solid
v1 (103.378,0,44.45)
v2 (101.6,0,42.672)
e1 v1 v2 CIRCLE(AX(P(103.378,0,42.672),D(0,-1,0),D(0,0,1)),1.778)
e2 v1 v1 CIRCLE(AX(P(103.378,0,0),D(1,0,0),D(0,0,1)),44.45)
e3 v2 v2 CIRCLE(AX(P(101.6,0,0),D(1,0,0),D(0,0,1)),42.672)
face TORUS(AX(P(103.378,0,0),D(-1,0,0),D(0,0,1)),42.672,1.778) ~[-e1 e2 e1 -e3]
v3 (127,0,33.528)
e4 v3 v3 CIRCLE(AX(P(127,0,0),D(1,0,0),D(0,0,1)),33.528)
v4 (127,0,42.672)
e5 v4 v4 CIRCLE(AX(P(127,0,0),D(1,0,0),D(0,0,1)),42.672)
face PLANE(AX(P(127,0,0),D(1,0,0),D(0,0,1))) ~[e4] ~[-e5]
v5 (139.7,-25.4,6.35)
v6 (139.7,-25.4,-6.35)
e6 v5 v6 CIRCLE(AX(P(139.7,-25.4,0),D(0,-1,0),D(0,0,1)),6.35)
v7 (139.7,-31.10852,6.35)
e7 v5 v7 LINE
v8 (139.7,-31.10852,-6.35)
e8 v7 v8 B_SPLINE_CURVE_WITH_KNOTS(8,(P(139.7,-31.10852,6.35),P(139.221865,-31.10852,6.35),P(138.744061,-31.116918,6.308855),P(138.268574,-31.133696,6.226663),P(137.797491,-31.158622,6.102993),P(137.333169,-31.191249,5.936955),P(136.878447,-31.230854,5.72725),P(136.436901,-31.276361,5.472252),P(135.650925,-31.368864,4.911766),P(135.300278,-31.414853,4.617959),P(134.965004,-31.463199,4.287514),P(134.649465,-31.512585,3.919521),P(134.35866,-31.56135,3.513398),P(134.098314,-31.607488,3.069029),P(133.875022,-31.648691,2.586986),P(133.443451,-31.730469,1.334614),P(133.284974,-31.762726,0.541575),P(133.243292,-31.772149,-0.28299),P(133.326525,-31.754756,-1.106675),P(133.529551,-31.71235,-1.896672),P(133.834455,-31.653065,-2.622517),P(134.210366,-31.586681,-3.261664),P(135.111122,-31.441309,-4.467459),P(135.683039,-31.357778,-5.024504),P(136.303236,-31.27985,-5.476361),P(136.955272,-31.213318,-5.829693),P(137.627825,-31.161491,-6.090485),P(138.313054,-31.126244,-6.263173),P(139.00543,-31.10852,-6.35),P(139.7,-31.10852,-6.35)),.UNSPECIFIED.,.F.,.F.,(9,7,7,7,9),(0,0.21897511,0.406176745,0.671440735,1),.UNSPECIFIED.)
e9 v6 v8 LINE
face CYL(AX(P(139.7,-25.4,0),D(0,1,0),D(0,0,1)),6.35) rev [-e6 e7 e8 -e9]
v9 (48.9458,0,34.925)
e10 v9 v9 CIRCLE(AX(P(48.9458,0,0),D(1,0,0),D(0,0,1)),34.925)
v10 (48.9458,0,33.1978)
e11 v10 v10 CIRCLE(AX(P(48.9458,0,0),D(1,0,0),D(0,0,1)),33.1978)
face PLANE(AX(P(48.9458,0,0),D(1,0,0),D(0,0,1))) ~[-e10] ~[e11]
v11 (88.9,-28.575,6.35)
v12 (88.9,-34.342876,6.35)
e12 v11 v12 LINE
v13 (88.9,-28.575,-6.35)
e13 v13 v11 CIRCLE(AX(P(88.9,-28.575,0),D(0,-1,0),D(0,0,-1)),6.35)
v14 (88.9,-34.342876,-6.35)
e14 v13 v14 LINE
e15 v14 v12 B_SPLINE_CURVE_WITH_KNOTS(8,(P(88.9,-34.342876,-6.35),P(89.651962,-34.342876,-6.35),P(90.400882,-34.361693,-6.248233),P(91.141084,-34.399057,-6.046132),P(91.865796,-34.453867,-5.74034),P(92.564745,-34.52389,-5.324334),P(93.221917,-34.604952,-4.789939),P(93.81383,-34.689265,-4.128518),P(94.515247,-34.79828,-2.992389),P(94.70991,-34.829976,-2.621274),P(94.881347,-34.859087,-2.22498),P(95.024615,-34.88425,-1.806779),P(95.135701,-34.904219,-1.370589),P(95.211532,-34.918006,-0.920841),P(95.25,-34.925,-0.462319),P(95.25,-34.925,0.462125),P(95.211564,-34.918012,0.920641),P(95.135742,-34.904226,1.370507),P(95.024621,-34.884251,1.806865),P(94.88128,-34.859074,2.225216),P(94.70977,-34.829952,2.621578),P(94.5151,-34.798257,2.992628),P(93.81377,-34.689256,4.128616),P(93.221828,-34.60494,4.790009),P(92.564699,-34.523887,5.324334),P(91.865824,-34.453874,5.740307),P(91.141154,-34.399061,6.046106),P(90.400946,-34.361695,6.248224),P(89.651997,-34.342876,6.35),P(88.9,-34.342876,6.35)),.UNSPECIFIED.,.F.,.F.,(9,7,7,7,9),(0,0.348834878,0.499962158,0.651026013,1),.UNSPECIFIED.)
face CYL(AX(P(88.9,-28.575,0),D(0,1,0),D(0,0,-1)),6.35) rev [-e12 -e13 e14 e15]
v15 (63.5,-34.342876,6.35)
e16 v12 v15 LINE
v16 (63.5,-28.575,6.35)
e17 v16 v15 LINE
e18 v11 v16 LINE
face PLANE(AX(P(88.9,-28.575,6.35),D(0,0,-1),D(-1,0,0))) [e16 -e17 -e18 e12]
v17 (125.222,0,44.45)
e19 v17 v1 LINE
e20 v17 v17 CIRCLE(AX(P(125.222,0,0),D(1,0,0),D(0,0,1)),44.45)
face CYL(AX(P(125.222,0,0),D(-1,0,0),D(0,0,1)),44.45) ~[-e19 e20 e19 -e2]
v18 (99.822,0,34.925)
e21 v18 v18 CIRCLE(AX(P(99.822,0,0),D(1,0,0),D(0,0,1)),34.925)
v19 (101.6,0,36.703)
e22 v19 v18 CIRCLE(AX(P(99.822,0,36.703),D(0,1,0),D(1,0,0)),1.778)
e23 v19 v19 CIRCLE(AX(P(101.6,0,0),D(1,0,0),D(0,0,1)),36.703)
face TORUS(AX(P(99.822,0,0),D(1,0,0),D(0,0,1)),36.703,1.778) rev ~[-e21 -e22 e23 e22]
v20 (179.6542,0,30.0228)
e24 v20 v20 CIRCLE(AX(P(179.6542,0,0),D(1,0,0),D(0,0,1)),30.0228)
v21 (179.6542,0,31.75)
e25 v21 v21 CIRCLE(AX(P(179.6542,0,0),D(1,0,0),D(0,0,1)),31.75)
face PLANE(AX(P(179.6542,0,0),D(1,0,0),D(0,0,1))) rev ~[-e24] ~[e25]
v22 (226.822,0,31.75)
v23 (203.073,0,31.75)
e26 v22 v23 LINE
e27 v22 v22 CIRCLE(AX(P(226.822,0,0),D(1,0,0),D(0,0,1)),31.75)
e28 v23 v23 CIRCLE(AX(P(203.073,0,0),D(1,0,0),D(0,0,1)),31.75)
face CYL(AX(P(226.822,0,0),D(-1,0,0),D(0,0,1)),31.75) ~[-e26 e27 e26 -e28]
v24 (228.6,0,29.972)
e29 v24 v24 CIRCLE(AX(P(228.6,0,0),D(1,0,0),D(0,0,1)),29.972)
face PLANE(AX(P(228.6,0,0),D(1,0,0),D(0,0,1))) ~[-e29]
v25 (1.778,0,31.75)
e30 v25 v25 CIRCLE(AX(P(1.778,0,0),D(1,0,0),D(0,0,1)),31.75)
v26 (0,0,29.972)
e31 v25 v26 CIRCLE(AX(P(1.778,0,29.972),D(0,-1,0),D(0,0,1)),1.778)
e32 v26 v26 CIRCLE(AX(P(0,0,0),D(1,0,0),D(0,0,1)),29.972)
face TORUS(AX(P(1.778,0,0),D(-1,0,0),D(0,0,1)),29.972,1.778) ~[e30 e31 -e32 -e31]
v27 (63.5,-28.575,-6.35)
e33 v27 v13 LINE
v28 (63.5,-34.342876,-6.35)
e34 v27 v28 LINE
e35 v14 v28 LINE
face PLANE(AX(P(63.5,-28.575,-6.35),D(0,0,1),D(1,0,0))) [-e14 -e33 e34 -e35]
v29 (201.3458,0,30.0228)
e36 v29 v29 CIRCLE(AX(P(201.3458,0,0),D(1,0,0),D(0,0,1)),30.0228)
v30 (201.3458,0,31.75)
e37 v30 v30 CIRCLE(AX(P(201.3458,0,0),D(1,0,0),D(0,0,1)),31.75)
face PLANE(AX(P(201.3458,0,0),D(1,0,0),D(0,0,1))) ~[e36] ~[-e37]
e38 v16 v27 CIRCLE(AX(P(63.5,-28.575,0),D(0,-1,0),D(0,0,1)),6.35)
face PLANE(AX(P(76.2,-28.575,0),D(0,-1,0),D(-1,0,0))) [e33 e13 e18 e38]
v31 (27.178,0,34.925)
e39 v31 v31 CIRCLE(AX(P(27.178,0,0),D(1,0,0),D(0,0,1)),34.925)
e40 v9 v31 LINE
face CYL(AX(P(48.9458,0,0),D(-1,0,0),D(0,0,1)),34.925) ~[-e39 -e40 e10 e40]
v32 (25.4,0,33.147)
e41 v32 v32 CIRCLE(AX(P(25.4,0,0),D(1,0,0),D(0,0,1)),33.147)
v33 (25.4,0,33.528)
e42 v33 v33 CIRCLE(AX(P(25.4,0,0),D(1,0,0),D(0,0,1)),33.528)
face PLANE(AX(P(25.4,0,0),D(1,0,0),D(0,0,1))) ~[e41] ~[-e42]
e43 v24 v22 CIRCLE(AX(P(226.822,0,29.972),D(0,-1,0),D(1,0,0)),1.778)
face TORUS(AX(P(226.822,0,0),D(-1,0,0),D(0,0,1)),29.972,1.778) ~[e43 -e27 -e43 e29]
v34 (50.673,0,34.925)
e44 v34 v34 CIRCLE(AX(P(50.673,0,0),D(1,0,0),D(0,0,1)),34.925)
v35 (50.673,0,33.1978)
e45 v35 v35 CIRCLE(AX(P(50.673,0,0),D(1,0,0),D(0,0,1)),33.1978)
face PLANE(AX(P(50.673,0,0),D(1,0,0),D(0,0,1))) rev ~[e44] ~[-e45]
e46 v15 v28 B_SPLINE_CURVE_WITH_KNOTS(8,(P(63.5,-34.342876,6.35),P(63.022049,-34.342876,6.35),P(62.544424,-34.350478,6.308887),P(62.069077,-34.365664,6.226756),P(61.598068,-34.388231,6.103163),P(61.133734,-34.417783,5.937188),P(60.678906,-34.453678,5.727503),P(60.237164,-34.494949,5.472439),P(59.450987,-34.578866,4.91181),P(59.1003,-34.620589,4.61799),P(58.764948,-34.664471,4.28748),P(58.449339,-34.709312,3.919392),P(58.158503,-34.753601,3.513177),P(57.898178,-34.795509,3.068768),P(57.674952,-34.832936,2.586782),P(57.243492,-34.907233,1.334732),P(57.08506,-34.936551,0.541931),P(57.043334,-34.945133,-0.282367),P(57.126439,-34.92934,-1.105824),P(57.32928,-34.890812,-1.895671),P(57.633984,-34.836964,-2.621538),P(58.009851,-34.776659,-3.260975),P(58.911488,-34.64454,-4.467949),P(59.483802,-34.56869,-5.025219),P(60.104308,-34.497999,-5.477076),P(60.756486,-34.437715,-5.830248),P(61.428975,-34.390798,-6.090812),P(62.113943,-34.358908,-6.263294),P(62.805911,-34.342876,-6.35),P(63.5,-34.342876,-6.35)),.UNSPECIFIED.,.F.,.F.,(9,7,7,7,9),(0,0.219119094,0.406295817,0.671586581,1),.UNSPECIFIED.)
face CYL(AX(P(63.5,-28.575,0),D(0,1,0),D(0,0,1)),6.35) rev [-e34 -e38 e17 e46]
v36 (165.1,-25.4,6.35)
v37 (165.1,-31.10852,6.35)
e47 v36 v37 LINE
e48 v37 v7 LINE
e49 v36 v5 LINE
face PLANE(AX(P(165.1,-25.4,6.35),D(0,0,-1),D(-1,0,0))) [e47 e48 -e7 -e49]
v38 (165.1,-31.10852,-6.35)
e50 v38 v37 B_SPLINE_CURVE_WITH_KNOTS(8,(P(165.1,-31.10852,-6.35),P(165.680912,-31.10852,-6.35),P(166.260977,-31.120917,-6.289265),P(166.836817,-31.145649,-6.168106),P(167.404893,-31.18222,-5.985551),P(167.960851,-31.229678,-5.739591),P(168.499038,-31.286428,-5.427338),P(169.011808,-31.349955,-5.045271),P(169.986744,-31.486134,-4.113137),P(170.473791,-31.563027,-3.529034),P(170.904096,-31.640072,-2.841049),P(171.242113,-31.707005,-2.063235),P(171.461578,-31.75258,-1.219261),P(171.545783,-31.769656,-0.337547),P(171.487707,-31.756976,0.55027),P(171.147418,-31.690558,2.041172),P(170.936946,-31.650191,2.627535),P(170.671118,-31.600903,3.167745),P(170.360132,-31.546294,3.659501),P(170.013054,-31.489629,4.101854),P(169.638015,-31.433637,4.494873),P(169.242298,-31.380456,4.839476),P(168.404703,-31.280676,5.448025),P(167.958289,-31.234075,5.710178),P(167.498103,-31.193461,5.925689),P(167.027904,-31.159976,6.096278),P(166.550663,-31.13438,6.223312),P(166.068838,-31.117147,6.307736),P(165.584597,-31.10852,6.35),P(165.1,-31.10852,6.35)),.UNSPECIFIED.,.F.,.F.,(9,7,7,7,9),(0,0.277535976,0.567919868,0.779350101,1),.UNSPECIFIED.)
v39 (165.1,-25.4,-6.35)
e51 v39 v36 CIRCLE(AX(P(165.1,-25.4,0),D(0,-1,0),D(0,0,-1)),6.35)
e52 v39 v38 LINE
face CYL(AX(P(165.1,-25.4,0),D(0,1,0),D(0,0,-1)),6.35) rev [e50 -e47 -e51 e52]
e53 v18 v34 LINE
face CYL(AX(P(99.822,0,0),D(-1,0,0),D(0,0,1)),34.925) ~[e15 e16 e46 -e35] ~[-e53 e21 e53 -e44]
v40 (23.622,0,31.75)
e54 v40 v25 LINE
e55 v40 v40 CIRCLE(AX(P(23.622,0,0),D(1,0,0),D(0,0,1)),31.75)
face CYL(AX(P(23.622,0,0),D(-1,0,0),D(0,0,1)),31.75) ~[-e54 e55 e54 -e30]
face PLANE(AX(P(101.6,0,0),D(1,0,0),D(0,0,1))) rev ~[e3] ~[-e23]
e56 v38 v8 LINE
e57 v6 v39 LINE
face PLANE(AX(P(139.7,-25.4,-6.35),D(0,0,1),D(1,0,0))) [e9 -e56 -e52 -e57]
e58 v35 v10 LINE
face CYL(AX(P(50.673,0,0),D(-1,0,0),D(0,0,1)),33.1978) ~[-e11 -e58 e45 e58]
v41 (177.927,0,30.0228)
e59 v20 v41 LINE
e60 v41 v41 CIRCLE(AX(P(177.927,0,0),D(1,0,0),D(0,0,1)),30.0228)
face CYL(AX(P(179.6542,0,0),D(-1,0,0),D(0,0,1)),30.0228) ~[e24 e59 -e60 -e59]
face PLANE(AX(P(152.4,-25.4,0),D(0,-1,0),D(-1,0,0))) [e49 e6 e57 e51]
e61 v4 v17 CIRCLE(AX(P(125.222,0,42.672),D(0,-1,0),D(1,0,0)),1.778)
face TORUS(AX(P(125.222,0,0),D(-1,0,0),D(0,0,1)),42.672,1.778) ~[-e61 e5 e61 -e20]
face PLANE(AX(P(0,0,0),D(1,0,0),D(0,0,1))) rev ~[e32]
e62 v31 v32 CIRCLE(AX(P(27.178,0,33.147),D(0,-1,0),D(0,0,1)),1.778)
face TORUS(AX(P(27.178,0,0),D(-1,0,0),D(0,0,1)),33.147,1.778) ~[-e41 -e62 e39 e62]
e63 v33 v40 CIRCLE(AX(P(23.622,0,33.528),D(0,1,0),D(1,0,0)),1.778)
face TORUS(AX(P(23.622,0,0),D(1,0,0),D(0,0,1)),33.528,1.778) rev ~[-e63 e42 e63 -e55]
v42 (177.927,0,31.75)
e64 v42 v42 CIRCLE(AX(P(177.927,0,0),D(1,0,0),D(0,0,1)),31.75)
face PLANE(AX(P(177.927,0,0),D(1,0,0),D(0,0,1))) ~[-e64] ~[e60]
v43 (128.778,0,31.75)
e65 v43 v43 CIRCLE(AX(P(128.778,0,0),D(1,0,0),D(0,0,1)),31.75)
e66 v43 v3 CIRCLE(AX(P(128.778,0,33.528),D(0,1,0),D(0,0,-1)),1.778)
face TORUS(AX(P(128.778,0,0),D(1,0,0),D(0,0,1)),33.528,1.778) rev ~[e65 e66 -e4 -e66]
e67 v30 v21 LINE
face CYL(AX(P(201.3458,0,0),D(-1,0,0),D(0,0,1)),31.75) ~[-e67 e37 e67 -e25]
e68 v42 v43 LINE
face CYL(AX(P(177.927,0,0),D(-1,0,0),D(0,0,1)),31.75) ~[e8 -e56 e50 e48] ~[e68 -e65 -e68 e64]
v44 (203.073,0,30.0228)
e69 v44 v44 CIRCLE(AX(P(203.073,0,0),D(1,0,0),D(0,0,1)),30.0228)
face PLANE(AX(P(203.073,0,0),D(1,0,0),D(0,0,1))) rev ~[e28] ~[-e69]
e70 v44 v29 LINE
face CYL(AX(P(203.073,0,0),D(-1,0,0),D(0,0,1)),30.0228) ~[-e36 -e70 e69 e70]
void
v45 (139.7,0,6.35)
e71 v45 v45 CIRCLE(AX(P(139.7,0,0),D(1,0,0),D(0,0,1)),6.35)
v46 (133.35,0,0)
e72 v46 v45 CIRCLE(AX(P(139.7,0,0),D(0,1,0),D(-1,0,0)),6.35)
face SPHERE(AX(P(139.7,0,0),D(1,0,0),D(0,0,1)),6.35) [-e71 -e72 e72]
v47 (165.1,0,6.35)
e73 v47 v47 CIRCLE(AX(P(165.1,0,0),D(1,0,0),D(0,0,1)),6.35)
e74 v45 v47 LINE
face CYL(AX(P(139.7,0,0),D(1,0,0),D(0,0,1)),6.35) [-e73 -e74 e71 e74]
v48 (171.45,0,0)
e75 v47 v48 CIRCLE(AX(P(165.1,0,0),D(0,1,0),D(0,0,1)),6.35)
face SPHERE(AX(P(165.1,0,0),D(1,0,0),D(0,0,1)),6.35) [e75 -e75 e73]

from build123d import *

# Parameters (mm, degrees)
CUT_EXTRUDE1_START      = -28.575
CUT_EXTRUDE1_DEPTH      = 209.510564723
CUT_EXTRUDE2_REACH      = 264.486
CUT_EXTRUDE2_END_RADIUS = 31.75
CUT_EXTRUDE2_START      = -25.4


with BuildPart() as part:
    # Sketch1 one side → Revolve1 (revolve)
    with BuildSketch(Plane(origin=(0, 0, 0), x_dir=(1, 0, 0), z_dir=(0, 1, 0)), mode=Mode.PRIVATE) as revolve1_sk:
        with BuildLine():
            ThreePointArc((1.778, 31.75), (0.520764143, 31.229235857), (0, 29.972))
            Line((0, 29.972), (0, 0))
            Line((0, 0), (57.15, 0))
            Line((57.15, 0), (95.25, 0))
            Line((95.25, 0), (133.35, 0))
            ThreePointArc((133.35, 0), (135.209871939, 4.490128061), (139.7, 6.35))
            Line((139.7, 6.35), (165.1, 6.35))
            ThreePointArc((165.1, 6.35), (169.590128061, 4.490128061), (171.45, 0))
            Line((171.45, 0), (228.6, 0))
            Line((228.6, 0), (228.6, 29.972))
            ThreePointArc((228.6, 29.972), (228.079235857, 31.229235857), (226.822, 31.75))
            Line((226.822, 31.75), (203.073, 31.75))
            Line((203.073, 31.75), (203.073, 30.0228))
            Line((203.073, 30.0228), (201.3458, 30.0228))
            Line((201.3458, 30.0228), (201.3458, 31.75))
            Line((201.3458, 31.75), (179.6542, 31.75))
            Line((179.6542, 31.75), (179.6542, 30.0228))
            Line((179.6542, 30.0228), (177.927, 30.0228))
            Line((177.927, 30.0228), (177.927, 31.75))
            Line((177.927, 31.75), (128.778, 31.75))
            ThreePointArc((128.778, 31.75), (127.520764143, 32.270764143), (127, 33.528))
            Line((127, 33.528), (127, 42.672))
            ThreePointArc((127, 42.672), (126.479235857, 43.929235857), (125.222, 44.45))
            Line((125.222, 44.45), (103.378, 44.45))
            ThreePointArc((103.378, 44.45), (102.120764143, 43.929235857), (101.6, 42.672))
            Line((101.6, 42.672), (101.6, 36.703))
            ThreePointArc((101.6, 36.703), (101.079235857, 35.445764143), (99.822, 34.925))
            Line((99.822, 34.925), (50.673, 34.925))
            Line((50.673, 34.925), (50.673, 33.1978))
            Line((50.673, 33.1978), (48.9458, 33.1978))
            Line((48.9458, 33.1978), (48.9458, 34.925))
            Line((48.9458, 34.925), (27.178, 34.925))
            ThreePointArc((27.178, 34.925), (25.920764143, 34.404235857), (25.4, 33.147))
            Line((25.4, 33.147), (25.4, 33.528))
            ThreePointArc((25.4, 33.528), (24.879235857, 32.270764143), (23.622, 31.75))
            Line((23.622, 31.75), (1.778, 31.75))
        make_face()
    revolve(revolve1_sk.sketch.rotate(Axis((0, 0, 0), (1, 0, 0)), 180), axis=Axis((0, 0, 0), (1, 0, 0)))

    # Sketch1<7> → Cut-Extrude1 (cut, through all)
    with BuildSketch(Plane(origin=(0, 0, 0), x_dir=(1, 0, 0), z_dir=(0, 1, 0)).offset(CUT_EXTRUDE1_START)):
        with BuildLine():
            Line((63.5, 6.35), (88.9, 6.35))
            ThreePointArc((88.9, 6.35), (95.25, 0), (88.9, -6.35))
            Line((88.9, -6.35), (63.5, -6.35))
            ThreePointArc((63.5, -6.35), (57.15, 0), (63.5, 6.35))
        make_face()
    extrude(amount=-CUT_EXTRUDE1_DEPTH, mode=Mode.SUBTRACT)

    # Cut-Extrude2: up to this cylinder (the profile starts inside it)
    cut_extrude2_end = Plane(origin=(152.4, 0, 0), z_dir=(-1, 0, 0)) * Cylinder(CUT_EXTRUDE2_END_RADIUS, 593.472, mode=Mode.PRIVATE)
    # Sketch1<10> → Cut-Extrude2 (cut, up to the surface)
    with BuildSketch(Plane(origin=(0, 0, 0), x_dir=(1, 0, 0), z_dir=(0, 1, 0)).offset(CUT_EXTRUDE2_START), mode=Mode.PRIVATE) as cut_extrude2_sk1:
        with BuildLine():
            Line((139.7, 6.35), (165.1, 6.35))
            ThreePointArc((165.1, 6.35), (171.45, 0), (165.1, -6.35))
            Line((165.1, -6.35), (139.7, -6.35))
            ThreePointArc((139.7, -6.35), (133.35, 0), (139.7, 6.35))
        make_face()
    cut_extrude2_tool1 = extrude(cut_extrude2_sk1.sketch, amount=-CUT_EXTRUDE2_REACH, mode=Mode.PRIVATE) & cut_extrude2_end
    add(cut_extrude2_tool1.solids().sort_by_distance((152.4, -25.4, 0))[0], mode=Mode.SUBTRACT)


solid = part.part
